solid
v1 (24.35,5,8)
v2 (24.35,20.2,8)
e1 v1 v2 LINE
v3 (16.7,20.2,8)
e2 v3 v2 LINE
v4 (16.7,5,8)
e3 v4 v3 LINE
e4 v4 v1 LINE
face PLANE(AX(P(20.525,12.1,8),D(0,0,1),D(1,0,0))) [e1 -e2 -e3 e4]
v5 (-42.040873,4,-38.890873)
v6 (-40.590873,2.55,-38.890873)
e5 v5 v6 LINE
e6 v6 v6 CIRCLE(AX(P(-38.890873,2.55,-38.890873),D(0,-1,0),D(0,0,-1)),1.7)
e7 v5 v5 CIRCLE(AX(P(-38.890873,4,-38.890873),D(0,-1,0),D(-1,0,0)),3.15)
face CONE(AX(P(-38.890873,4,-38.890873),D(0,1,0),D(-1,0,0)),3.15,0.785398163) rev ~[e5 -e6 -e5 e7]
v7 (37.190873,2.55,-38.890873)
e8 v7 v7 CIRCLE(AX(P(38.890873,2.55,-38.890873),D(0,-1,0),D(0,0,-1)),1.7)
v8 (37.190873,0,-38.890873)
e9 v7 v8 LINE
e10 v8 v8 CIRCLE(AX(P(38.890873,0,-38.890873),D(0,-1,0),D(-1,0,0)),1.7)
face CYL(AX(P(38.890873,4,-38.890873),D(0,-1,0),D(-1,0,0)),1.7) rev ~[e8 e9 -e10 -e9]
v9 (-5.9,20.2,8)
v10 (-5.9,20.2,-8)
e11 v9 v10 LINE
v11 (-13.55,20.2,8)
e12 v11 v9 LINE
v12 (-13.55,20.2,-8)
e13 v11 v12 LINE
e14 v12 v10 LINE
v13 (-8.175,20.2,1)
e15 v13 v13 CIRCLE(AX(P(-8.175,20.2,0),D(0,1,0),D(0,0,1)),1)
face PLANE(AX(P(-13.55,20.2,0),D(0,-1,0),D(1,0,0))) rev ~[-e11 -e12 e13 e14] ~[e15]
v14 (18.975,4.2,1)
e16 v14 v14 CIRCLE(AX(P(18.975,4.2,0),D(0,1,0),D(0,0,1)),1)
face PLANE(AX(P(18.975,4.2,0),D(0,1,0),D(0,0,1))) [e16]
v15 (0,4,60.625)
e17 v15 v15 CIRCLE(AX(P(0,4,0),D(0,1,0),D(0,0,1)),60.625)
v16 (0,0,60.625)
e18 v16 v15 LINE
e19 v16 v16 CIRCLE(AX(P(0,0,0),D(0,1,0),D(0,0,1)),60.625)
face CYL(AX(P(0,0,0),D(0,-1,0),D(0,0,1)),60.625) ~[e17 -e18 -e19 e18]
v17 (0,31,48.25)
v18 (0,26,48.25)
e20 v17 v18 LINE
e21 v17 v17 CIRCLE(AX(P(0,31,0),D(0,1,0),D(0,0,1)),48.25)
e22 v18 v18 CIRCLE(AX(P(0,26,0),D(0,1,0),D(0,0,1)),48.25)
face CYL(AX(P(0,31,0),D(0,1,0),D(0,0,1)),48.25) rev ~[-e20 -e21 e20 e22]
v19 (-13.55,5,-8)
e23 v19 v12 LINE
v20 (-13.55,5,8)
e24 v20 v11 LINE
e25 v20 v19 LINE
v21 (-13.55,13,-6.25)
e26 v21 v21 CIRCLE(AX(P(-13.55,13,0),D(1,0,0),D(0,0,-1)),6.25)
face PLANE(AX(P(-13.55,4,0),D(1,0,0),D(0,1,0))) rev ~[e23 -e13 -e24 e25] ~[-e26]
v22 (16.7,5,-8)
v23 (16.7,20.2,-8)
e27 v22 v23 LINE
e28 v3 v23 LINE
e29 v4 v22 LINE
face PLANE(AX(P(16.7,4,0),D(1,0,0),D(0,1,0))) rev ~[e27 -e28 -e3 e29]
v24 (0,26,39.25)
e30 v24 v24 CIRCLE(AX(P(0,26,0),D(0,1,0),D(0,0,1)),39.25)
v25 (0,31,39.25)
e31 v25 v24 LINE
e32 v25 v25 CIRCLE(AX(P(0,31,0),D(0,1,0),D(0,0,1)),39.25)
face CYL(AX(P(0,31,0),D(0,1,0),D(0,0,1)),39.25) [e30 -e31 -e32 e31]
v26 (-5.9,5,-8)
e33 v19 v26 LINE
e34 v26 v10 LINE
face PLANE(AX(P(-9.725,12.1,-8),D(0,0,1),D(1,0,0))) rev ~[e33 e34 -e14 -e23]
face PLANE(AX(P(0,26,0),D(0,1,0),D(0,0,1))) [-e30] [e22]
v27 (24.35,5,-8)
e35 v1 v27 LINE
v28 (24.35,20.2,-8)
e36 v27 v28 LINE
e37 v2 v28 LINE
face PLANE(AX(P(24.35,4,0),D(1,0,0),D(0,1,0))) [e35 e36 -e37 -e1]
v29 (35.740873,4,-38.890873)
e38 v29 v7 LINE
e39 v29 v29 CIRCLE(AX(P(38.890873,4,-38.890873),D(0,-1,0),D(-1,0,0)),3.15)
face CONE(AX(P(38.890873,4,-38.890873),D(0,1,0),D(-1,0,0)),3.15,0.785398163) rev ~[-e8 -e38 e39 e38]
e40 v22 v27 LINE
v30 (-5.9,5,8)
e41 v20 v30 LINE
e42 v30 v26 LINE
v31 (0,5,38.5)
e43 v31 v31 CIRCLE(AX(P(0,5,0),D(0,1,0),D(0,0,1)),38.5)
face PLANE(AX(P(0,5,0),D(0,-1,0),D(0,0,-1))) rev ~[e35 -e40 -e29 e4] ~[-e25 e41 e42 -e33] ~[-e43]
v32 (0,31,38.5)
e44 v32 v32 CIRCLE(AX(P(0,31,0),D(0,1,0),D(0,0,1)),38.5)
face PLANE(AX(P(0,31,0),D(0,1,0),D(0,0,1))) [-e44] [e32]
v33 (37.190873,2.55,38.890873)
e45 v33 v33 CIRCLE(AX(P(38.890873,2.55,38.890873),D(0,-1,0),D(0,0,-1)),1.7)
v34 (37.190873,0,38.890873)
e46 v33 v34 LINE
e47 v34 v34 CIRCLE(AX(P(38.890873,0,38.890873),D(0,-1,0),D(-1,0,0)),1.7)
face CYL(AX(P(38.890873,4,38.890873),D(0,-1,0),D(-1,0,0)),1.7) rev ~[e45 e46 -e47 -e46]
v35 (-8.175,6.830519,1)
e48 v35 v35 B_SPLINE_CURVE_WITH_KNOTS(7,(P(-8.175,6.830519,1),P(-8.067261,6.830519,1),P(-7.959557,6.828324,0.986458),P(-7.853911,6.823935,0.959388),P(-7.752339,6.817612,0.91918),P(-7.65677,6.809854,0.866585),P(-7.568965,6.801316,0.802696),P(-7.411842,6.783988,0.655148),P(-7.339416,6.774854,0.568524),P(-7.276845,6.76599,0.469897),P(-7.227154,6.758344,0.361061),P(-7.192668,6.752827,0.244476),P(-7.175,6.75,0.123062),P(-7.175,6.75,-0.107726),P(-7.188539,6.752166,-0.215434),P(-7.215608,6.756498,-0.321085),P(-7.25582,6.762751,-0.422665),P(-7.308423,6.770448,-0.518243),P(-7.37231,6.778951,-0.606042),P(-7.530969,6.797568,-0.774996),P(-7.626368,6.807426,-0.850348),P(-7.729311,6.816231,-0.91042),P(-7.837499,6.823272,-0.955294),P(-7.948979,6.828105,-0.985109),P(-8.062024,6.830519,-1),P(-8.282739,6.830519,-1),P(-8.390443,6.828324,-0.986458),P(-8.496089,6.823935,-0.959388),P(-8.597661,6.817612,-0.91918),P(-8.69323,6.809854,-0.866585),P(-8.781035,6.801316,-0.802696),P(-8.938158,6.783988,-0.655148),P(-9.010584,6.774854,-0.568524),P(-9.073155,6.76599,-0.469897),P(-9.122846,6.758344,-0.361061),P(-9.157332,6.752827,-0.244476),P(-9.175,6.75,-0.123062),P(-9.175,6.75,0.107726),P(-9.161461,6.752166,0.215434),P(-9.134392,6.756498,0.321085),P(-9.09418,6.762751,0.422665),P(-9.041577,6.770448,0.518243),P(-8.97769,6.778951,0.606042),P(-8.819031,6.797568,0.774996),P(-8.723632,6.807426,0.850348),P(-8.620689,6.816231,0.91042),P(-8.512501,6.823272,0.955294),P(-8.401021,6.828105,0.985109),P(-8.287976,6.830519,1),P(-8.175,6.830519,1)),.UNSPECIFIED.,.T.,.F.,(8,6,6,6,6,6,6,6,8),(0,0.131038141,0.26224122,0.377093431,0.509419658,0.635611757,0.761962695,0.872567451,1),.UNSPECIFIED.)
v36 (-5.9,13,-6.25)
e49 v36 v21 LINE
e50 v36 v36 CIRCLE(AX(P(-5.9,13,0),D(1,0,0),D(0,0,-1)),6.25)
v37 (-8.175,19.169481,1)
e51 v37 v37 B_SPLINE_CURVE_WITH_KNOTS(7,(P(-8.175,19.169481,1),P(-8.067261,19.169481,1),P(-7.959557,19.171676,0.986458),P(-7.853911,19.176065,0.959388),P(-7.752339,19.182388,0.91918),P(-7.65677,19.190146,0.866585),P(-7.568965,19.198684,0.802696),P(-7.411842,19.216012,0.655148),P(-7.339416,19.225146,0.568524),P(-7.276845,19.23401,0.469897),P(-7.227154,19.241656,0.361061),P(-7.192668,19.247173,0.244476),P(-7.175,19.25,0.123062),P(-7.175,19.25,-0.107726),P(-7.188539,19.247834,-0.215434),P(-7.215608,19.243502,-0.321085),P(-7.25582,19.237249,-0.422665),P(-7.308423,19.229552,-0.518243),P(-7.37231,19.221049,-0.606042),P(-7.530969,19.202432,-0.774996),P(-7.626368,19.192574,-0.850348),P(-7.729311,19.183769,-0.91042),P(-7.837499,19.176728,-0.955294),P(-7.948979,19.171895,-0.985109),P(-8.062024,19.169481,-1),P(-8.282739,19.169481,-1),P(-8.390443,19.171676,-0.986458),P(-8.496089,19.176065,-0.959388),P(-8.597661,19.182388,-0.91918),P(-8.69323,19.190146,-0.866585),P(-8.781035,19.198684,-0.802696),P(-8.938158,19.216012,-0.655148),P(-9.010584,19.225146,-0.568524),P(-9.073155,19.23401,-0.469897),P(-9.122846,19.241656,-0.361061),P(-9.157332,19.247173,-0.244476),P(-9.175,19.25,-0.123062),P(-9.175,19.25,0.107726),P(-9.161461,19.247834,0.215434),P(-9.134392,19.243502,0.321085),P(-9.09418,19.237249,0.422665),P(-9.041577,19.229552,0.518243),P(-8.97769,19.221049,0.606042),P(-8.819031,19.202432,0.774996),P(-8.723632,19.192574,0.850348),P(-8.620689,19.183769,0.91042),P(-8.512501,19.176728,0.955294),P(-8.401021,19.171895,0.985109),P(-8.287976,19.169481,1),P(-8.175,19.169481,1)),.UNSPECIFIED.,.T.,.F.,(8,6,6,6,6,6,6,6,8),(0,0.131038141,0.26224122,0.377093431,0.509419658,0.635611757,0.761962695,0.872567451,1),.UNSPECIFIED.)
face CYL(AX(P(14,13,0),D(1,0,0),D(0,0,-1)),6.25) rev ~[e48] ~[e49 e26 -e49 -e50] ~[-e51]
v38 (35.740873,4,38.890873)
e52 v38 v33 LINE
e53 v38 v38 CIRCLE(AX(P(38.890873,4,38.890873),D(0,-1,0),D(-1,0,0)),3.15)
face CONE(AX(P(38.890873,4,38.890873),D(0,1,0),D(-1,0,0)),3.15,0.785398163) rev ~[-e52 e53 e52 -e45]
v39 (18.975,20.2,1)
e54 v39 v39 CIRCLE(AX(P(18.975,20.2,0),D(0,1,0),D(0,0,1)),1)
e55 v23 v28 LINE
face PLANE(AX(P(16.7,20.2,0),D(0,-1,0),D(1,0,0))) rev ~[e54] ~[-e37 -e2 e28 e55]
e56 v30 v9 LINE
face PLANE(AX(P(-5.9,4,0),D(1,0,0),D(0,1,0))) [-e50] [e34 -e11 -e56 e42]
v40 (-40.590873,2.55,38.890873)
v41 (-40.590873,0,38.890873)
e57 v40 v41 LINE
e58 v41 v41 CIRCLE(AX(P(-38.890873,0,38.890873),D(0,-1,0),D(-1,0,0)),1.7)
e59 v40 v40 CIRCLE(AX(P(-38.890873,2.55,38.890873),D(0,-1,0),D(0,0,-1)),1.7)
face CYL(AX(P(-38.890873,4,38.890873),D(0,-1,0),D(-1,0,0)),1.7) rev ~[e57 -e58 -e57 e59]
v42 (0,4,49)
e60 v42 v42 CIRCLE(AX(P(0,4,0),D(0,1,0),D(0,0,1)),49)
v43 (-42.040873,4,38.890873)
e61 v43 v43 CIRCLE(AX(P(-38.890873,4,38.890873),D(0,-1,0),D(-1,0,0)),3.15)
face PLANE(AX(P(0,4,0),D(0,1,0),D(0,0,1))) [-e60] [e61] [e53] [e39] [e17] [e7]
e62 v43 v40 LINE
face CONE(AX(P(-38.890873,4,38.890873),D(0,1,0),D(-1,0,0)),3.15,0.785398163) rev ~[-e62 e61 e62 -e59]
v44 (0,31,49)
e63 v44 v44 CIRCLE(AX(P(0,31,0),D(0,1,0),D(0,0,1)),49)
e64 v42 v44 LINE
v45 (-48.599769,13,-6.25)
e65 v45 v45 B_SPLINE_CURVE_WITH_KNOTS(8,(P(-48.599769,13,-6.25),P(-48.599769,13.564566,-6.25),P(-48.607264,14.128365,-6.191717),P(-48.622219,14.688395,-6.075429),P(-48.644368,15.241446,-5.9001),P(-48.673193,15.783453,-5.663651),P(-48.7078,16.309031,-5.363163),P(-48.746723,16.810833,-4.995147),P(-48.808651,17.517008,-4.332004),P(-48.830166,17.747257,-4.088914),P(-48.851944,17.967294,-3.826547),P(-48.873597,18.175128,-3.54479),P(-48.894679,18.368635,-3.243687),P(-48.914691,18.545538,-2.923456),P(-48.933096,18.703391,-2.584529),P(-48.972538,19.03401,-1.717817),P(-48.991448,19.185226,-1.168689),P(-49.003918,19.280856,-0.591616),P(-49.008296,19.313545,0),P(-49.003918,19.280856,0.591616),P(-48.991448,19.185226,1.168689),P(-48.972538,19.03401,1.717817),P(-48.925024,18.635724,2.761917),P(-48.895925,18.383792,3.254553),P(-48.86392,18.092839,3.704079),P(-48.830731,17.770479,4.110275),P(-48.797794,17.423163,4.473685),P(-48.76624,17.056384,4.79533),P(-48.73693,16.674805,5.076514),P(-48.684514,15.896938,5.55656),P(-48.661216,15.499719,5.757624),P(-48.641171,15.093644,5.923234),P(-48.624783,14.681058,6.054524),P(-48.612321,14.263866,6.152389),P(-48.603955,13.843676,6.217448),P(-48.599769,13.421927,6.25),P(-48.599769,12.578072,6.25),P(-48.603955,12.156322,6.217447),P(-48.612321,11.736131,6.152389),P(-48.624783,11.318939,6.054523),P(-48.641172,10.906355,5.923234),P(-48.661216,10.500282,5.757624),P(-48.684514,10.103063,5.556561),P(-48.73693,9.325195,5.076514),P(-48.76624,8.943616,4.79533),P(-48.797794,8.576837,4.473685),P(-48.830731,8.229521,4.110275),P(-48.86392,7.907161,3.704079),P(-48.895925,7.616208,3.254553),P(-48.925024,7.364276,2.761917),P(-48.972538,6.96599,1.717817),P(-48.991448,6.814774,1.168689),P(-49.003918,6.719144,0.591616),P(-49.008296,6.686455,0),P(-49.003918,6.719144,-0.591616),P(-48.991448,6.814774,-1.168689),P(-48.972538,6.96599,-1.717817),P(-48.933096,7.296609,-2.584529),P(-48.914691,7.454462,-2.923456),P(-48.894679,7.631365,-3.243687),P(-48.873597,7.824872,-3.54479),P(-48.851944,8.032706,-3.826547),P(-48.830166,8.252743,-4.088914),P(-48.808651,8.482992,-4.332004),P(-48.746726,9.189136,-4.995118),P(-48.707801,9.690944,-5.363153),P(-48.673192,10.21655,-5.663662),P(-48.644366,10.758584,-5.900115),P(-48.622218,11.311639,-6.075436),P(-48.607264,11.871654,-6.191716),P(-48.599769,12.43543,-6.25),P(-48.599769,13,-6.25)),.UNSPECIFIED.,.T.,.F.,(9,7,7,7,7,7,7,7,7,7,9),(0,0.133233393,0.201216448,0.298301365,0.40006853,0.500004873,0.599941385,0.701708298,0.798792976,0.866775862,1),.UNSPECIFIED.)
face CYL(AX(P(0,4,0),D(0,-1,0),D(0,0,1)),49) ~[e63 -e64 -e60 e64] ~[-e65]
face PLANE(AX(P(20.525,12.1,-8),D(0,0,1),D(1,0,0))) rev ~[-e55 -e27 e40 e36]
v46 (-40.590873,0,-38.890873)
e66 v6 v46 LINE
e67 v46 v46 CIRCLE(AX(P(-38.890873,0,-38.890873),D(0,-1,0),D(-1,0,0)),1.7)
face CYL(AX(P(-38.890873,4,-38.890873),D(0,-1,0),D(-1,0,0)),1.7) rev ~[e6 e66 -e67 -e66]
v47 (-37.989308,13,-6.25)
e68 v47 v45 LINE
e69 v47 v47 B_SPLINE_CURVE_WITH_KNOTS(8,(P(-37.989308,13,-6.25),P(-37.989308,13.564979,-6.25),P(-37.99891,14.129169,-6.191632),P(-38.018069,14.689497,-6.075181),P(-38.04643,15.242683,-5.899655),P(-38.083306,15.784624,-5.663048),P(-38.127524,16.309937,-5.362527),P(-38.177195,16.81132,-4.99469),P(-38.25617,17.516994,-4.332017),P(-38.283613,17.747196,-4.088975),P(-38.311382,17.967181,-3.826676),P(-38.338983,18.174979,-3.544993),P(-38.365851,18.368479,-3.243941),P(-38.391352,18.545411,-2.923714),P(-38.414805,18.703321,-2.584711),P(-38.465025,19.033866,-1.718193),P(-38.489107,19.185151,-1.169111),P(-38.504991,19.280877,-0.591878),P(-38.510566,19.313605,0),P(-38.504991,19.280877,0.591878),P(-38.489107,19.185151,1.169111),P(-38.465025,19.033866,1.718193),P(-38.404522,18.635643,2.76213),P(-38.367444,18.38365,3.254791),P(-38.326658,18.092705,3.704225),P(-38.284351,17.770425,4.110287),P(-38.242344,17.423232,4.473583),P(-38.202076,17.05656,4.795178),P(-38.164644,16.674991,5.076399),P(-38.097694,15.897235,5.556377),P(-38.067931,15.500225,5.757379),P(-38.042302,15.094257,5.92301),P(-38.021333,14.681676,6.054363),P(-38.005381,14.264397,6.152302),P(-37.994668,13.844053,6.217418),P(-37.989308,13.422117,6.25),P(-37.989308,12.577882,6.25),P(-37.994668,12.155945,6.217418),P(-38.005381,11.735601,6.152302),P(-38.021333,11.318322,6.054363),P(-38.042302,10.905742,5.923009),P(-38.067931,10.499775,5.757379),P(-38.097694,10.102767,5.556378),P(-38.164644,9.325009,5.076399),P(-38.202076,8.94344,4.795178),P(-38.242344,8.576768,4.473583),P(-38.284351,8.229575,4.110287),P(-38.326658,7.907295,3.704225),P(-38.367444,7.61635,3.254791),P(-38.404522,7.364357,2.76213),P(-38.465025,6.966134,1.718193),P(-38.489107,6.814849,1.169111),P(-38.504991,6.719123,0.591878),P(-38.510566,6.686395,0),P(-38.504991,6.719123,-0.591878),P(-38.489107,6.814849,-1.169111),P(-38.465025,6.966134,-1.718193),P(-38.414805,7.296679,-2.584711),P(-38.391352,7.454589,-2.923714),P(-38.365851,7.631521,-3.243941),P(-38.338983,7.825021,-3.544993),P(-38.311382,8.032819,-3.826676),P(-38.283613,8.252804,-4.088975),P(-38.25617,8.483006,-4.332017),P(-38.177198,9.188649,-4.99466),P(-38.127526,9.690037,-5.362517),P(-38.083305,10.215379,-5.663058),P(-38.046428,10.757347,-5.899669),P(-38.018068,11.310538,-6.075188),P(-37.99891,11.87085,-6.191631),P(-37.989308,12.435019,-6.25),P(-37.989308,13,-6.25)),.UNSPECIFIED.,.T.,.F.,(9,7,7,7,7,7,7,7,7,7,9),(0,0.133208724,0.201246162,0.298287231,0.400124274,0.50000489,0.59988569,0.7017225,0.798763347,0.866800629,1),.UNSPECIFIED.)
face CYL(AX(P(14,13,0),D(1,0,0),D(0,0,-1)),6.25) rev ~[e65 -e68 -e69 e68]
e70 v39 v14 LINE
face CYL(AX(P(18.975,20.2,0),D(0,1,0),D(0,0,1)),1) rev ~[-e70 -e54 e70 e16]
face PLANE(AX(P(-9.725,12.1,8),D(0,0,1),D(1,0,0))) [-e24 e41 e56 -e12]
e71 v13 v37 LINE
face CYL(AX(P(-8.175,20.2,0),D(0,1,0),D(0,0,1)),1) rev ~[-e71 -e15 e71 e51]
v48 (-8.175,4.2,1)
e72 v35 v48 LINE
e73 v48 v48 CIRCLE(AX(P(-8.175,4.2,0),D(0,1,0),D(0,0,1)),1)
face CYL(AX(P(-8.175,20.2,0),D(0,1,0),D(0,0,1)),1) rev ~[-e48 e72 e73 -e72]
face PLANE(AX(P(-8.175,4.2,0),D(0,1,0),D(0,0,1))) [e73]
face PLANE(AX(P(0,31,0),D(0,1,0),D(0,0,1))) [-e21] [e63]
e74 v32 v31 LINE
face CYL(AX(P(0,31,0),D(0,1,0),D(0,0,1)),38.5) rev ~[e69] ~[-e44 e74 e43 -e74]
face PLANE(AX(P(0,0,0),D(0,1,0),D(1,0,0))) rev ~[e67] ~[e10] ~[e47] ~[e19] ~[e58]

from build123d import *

# Parameters (mm, degrees)
SKETCH1_R                                           = 60.625
SKETCH1_R_2                                         = 45
BOSS_EXTRUDE1_DEPTH                                 = 4
SKETCH2_R                                           = 49
SKETCH2_R_2                                         = 45
BOSS_EXTRUDE2_DEPTH                                 = 27
SKETCH4_W                                           = 7.65
SKETCH4_H                                           = 16.2
BOSS_EXTRUDE4_DEPTH                                 = 8
BOSS_EXTRUDE4_2_DEPTH                               = 8
SKETCH5_R                                           = 45
BOSS_EXTRUDE5_DEPTH                                 = 5
SKETCH18_R                                          = 45.113728165
SKETCH18_R_2                                        = 38.5
BOSS_EXTRUDE6_DEPTH                                 = 31
CUT_EXTRUDE8_START                                  = -35
SKETCH11_R                                          = 6.25
CUT_EXTRUDE8_DEPTH                                  = 95.050498837
CSK_FOR_M3_COUNTERSUNK_FLAT_HEAD_SCREW1_D           = 3.4
CSK_FOR_M3_COUNTERSUNK_FLAT_HEAD_SCREW1_CSINK_D     = 6.3
CSK_FOR_M3_COUNTERSUNK_FLAT_HEAD_SCREW1_CSINK_ANGLE = 90
SKETCH27_R                                          = 1
CUT_EXTRUDE11_DEPTH                                 = 16
SKETCH28_R                                          = 48.25
SKETCH28_R_2                                        = 39.25
CUT_EXTRUDE12_DEPTH                                 = 5


with BuildPart() as part:
    # Sketch1 → Boss-Extrude1 (new body)
    with BuildSketch(Plane(origin=(0, 0, 0), x_dir=(1, 0, 0), z_dir=(0, 1, 0))):
        with Locations(Location((0, 0, 0), (0, 0, 270))):
            Circle(SKETCH1_R)
        with Locations(Location((0, 0, 0), (0, 0, 270))):
            Circle(SKETCH1_R_2, mode=Mode.SUBTRACT)
    extrude(amount=BOSS_EXTRUDE1_DEPTH)

    # Sketch2 → Boss-Extrude2 (add)
    with BuildSketch(Plane(origin=(0, 4, 0), x_dir=(1, 0, 0), z_dir=(0, 1, 0))):
        with Locations(Location((0, 0, 0), (0, 0, 270))):
            Circle(SKETCH2_R)
        with Locations(Location((0, 0, 0), (0, 0, 270))):
            Circle(SKETCH2_R_2, mode=Mode.SUBTRACT)
    extrude(amount=BOSS_EXTRUDE2_DEPTH)



with BuildPart() as body_2:
    # Sketch4 → Boss-Extrude4 (new, symmetric)
    with BuildSketch(Plane.XY):
        with Locations((-9.725, 12.1)):
            Rectangle(SKETCH4_W, SKETCH4_H)
    extrude(amount=BOSS_EXTRUDE4_DEPTH, both=True)


with BuildPart() as body_3:
    # Sketch4 → Boss-Extrude4 2 (new, symmetric)
    with BuildSketch(Plane.XY):
        with Locations((20.525, 12.1)):
            Rectangle(SKETCH4_W, SKETCH4_H)
    extrude(amount=BOSS_EXTRUDE4_2_DEPTH, both=True)


with BuildPart() as part_1:
    add(part.part)

    add(body_2.part)  # Boss-Extrude5 merges body 2

    add(body_3.part)  # Boss-Extrude5 merges body 3
    # Sketch5 → Boss-Extrude5 (add)
    with BuildSketch(Plane.XZ):
        with Locations(Location((0, 0, 0), (0, 0, 270))):
            Circle(SKETCH5_R)
    extrude(amount=-BOSS_EXTRUDE5_DEPTH)

    # Sketch18 → Boss-Extrude6 (add)
    with BuildSketch(Plane(origin=(0, 31, 0), x_dir=(1, 0, 0), z_dir=(0, 1, 0))):
        Circle(SKETCH18_R)
        with Locations(Location((0, 0, 0), (0, 0, 270))):
            Circle(SKETCH18_R_2, mode=Mode.SUBTRACT)
    extrude(amount=-BOSS_EXTRUDE6_DEPTH)

    # Sketch11 → Cut-Extrude8 (cut, through all)
    with BuildSketch(Plane(origin=(49, 0, 0), x_dir=(0, 0, -1), z_dir=(1, 0, 0)).offset(CUT_EXTRUDE8_START)):
        with Locations((0, 13)):
            Circle(SKETCH11_R)
    extrude(amount=-CUT_EXTRUDE8_DEPTH, mode=Mode.SUBTRACT)

    # CSK for M3 Countersunk Flat Head Screw1 (through all)
    with Locations(Plane(origin=(0, 4, 0), x_dir=(1, 0, 0), z_dir=(0, 1, 0))):
        with Locations((-38.890872965, 38.890872965), (-38.890872965, -38.890872965), (38.890872965, -38.890872965), (38.890872965, 38.890872965)):
            CounterSinkHole(CSK_FOR_M3_COUNTERSUNK_FLAT_HEAD_SCREW1_D / 2, CSK_FOR_M3_COUNTERSUNK_FLAT_HEAD_SCREW1_CSINK_D / 2, counter_sink_angle=CSK_FOR_M3_COUNTERSUNK_FLAT_HEAD_SCREW1_CSINK_ANGLE)

    # Sketch27 → Cut-Extrude11 (cut)
    with BuildSketch(Plane(origin=(0, 20.2, 0), x_dir=(1, 0, 0), z_dir=(0, 1, 0))):
        with Locations(Location((-8.175, 0, 0), (0, 0, 270))):
            Circle(SKETCH27_R)
        with Locations(Location((18.975, 0, 0), (0, 0, 270))):
            Circle(SKETCH27_R)
    extrude(amount=-CUT_EXTRUDE11_DEPTH, mode=Mode.SUBTRACT)

    # Sketch28 → Cut-Extrude12 (cut)
    with BuildSketch(Plane(origin=(0, 31, 0), x_dir=(1, 0, 0), z_dir=(0, 1, 0))):
        with Locations(Location((0, 0, 0), (0, 0, 270))):
            Circle(SKETCH28_R)
        with Locations(Location((0, 0, 0), (0, 0, 270))):
            Circle(SKETCH28_R_2, mode=Mode.SUBTRACT)
    extrude(amount=-CUT_EXTRUDE12_DEPTH, mode=Mode.SUBTRACT)


solid = part_1.part
